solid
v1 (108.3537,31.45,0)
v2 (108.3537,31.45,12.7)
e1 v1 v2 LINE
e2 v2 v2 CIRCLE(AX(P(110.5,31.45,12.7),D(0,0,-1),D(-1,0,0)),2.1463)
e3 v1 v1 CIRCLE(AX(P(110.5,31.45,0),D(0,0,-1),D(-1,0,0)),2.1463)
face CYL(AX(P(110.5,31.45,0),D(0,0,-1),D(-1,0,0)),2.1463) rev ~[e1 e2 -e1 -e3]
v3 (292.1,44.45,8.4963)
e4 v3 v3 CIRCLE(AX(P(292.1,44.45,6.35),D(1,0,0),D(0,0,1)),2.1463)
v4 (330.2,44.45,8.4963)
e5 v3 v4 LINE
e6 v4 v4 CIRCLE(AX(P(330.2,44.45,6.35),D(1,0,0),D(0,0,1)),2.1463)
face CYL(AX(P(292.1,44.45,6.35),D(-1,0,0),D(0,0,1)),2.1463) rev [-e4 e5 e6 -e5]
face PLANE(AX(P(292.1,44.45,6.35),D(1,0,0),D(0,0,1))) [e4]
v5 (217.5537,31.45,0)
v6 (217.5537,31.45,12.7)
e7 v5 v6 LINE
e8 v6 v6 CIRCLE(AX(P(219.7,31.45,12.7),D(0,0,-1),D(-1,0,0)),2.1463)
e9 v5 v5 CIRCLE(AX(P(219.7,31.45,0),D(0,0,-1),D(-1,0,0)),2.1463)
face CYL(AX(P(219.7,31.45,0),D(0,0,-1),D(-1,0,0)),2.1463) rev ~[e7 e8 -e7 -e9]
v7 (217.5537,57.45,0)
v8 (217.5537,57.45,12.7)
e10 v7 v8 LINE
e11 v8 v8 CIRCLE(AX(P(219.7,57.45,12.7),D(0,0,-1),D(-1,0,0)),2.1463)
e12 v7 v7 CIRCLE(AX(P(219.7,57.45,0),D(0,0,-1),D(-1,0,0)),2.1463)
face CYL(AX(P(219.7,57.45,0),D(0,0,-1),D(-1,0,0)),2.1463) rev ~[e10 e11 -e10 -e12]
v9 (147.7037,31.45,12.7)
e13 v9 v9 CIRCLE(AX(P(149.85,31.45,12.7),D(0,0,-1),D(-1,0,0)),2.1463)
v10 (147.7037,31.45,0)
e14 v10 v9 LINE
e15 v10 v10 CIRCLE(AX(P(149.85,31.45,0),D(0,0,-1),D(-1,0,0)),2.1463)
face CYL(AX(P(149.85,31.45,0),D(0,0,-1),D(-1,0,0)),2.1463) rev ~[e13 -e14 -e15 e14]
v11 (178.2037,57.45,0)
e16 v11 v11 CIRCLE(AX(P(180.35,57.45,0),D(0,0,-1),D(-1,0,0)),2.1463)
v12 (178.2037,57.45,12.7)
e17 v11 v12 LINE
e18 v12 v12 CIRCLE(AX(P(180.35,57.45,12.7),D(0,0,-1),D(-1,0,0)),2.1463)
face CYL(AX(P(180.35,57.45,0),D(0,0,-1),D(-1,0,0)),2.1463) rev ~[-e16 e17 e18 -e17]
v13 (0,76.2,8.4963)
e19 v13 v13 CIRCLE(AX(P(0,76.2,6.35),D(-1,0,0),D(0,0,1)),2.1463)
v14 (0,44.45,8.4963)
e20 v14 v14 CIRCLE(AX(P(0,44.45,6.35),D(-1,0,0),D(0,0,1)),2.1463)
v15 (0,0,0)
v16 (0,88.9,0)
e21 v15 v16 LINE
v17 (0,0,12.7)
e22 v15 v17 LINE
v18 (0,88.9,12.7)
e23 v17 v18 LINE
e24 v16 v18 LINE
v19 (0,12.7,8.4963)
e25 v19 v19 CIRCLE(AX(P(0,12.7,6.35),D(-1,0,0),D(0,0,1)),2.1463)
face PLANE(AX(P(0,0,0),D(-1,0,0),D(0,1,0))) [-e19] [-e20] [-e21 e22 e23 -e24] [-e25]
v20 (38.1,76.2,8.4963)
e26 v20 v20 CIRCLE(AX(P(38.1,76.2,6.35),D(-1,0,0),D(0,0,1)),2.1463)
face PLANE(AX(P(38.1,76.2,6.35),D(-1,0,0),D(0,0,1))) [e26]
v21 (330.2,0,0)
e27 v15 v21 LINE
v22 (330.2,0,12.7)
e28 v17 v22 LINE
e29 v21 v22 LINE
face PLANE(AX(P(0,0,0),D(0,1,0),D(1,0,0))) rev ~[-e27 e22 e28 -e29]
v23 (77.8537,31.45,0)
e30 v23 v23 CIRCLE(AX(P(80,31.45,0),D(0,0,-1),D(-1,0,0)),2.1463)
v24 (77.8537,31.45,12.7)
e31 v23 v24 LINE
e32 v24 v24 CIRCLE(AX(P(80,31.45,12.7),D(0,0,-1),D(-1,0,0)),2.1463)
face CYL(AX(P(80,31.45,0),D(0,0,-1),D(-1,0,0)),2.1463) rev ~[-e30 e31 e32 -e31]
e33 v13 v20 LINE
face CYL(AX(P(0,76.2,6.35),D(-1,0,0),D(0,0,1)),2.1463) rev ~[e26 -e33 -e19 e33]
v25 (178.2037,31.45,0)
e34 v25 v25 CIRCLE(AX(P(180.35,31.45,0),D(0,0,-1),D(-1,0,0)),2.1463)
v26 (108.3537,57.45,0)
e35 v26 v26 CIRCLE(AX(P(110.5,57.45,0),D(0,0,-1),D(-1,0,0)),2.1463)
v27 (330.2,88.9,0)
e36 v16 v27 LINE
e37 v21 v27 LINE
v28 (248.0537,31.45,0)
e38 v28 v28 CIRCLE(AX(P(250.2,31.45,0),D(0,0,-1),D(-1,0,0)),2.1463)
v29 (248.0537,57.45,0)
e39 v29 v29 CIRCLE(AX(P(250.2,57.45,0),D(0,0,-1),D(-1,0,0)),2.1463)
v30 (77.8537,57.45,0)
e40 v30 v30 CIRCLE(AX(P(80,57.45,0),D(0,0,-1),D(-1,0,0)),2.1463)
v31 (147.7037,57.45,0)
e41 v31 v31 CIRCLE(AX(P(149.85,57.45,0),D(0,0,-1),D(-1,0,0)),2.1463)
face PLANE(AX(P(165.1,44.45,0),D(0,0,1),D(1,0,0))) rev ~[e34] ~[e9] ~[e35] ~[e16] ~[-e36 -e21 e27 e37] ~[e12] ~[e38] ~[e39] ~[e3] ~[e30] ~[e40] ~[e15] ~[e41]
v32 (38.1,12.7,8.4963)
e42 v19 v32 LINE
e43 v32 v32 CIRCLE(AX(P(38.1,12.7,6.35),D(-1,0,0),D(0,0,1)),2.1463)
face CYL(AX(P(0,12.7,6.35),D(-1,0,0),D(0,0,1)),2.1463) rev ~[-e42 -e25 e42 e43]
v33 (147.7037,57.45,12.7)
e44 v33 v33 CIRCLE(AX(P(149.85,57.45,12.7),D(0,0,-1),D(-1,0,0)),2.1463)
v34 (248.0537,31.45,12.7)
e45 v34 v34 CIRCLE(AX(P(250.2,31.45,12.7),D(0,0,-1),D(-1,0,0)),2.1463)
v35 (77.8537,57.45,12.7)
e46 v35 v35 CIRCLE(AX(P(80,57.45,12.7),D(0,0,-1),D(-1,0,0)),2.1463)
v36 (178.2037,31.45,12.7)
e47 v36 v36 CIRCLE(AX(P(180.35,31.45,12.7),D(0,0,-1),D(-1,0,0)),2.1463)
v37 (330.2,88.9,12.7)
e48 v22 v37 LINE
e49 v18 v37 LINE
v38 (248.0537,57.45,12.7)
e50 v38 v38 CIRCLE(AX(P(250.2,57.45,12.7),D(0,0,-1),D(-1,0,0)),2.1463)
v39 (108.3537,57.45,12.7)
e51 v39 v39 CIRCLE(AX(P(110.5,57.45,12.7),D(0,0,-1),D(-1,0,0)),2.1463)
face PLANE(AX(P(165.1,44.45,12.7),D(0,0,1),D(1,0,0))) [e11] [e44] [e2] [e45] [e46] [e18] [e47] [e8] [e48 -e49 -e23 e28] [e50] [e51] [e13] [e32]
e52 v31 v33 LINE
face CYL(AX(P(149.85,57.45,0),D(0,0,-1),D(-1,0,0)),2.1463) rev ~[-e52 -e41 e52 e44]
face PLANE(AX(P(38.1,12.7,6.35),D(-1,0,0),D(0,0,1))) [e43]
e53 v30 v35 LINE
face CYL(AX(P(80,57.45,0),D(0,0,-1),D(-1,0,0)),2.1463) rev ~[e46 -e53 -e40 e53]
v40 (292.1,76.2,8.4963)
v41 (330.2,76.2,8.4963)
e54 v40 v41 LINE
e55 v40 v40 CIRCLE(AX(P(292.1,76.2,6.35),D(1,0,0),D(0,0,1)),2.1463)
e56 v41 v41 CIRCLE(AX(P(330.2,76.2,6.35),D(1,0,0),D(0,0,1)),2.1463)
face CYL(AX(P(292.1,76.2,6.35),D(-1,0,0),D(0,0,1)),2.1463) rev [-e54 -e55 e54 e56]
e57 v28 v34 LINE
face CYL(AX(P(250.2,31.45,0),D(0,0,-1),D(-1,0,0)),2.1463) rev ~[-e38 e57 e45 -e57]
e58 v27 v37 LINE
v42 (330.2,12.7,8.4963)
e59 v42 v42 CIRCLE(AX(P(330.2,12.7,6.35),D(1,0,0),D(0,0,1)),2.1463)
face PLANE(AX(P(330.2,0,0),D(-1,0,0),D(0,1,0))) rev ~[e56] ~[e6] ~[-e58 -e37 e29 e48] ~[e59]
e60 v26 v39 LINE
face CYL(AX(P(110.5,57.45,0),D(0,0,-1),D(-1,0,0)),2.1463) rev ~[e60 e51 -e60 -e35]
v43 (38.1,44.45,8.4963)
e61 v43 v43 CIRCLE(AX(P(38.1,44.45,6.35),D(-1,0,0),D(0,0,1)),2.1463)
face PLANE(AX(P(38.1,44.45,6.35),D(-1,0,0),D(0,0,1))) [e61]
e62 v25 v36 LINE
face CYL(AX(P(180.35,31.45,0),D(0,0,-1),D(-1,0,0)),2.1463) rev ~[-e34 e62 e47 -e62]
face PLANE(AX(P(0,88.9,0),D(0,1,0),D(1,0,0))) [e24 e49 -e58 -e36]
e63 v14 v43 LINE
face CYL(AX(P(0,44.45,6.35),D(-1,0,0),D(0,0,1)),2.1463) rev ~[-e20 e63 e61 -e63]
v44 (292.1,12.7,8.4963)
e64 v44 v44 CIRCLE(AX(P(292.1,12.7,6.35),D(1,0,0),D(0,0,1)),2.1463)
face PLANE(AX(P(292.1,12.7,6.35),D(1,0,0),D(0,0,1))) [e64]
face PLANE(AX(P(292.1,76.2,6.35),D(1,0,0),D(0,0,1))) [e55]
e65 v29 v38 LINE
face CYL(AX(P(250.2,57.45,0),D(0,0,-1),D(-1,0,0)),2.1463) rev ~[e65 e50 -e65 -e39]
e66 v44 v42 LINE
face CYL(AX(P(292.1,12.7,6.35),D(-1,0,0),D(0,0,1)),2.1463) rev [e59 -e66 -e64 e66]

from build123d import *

# Parameters (mm, degrees)
SKETCH1_W           = 330.2
SKETCH1_H           = 88.9
BOSS_EXTRUDE1_DEPTH = 12.7
SKETCH3_R           = 2.1463
CUT_EXTRUDE1_DEPTH  = 38.1
CUT_EXTRUDE2_START  = -38.1
SKETCH5_R           = 2.1463
CUT_EXTRUDE2_DEPTH  = 38.1
SKETCH6_R           = 2.1463
CUT_EXTRUDE3_DEPTH  = 343.193717067


with BuildPart() as part:
    # Sketch1 → Boss-Extrude1 (new body)
    with BuildSketch(Plane.XY):
        with Locations((165.1, 44.45)):
            Rectangle(SKETCH1_W, SKETCH1_H)
    extrude(amount=BOSS_EXTRUDE1_DEPTH)

    # Sketch3 → Cut-Extrude1 (cut)
    with BuildSketch(Plane.ZY):
        with Locations((6.35, 76.2)):
            Circle(SKETCH3_R)
        with Locations((6.35, 12.7)):
            Circle(SKETCH3_R)
        with Locations((6.35, 44.45)):
            Circle(SKETCH3_R)
    extrude(amount=-CUT_EXTRUDE1_DEPTH, mode=Mode.SUBTRACT)

    # Sketch5 → Cut-Extrude2 (cut)
    with BuildSketch(Plane(origin=(330.2, 0, 0), x_dir=(0, 0, -1), z_dir=(1, 0, 0)).offset(CUT_EXTRUDE2_START)):
        with Locations(Location((-6.35, 76.2, 0), (0, 0, 180))):
            Circle(SKETCH5_R)
        with Locations(Location((-6.35, 12.7, 0), (0, 0, 180))):
            Circle(SKETCH5_R)
        with Locations(Location((-6.35, 44.45, 0), (0, 0, 180))):
            Circle(SKETCH5_R)
    extrude(amount=CUT_EXTRUDE2_DEPTH, mode=Mode.SUBTRACT)

    # Sketch6 → Cut-Extrude3 (cut, through all)
    with BuildSketch(Plane(origin=(0, 0, 0), x_dir=(-1, 0, 0), z_dir=(0, 0, -1))):
        with Locations((-250.2, 57.45)):
            Circle(SKETCH6_R)
        with Locations((-219.7, 57.45)):
            Circle(SKETCH6_R)
        with Locations((-219.7, 31.45)):
            Circle(SKETCH6_R)
        with Locations((-250.2, 31.45)):
            Circle(SKETCH6_R)
        with Locations((-180.35, 57.45)):
            Circle(SKETCH6_R)
        with Locations((-149.85, 57.45)):
            Circle(SKETCH6_R)
        with Locations((-149.85, 31.45)):
            Circle(SKETCH6_R)
        with Locations((-180.35, 31.45)):
            Circle(SKETCH6_R)
        with Locations((-110.5, 31.45)):
            Circle(SKETCH6_R)
        with Locations((-110.5, 57.45)):
            Circle(SKETCH6_R)
        with Locations((-80, 57.45)):
            Circle(SKETCH6_R)
        with Locations((-80, 31.45)):
            Circle(SKETCH6_R)
    extrude(amount=-CUT_EXTRUDE3_DEPTH, mode=Mode.SUBTRACT)


solid = part.part
